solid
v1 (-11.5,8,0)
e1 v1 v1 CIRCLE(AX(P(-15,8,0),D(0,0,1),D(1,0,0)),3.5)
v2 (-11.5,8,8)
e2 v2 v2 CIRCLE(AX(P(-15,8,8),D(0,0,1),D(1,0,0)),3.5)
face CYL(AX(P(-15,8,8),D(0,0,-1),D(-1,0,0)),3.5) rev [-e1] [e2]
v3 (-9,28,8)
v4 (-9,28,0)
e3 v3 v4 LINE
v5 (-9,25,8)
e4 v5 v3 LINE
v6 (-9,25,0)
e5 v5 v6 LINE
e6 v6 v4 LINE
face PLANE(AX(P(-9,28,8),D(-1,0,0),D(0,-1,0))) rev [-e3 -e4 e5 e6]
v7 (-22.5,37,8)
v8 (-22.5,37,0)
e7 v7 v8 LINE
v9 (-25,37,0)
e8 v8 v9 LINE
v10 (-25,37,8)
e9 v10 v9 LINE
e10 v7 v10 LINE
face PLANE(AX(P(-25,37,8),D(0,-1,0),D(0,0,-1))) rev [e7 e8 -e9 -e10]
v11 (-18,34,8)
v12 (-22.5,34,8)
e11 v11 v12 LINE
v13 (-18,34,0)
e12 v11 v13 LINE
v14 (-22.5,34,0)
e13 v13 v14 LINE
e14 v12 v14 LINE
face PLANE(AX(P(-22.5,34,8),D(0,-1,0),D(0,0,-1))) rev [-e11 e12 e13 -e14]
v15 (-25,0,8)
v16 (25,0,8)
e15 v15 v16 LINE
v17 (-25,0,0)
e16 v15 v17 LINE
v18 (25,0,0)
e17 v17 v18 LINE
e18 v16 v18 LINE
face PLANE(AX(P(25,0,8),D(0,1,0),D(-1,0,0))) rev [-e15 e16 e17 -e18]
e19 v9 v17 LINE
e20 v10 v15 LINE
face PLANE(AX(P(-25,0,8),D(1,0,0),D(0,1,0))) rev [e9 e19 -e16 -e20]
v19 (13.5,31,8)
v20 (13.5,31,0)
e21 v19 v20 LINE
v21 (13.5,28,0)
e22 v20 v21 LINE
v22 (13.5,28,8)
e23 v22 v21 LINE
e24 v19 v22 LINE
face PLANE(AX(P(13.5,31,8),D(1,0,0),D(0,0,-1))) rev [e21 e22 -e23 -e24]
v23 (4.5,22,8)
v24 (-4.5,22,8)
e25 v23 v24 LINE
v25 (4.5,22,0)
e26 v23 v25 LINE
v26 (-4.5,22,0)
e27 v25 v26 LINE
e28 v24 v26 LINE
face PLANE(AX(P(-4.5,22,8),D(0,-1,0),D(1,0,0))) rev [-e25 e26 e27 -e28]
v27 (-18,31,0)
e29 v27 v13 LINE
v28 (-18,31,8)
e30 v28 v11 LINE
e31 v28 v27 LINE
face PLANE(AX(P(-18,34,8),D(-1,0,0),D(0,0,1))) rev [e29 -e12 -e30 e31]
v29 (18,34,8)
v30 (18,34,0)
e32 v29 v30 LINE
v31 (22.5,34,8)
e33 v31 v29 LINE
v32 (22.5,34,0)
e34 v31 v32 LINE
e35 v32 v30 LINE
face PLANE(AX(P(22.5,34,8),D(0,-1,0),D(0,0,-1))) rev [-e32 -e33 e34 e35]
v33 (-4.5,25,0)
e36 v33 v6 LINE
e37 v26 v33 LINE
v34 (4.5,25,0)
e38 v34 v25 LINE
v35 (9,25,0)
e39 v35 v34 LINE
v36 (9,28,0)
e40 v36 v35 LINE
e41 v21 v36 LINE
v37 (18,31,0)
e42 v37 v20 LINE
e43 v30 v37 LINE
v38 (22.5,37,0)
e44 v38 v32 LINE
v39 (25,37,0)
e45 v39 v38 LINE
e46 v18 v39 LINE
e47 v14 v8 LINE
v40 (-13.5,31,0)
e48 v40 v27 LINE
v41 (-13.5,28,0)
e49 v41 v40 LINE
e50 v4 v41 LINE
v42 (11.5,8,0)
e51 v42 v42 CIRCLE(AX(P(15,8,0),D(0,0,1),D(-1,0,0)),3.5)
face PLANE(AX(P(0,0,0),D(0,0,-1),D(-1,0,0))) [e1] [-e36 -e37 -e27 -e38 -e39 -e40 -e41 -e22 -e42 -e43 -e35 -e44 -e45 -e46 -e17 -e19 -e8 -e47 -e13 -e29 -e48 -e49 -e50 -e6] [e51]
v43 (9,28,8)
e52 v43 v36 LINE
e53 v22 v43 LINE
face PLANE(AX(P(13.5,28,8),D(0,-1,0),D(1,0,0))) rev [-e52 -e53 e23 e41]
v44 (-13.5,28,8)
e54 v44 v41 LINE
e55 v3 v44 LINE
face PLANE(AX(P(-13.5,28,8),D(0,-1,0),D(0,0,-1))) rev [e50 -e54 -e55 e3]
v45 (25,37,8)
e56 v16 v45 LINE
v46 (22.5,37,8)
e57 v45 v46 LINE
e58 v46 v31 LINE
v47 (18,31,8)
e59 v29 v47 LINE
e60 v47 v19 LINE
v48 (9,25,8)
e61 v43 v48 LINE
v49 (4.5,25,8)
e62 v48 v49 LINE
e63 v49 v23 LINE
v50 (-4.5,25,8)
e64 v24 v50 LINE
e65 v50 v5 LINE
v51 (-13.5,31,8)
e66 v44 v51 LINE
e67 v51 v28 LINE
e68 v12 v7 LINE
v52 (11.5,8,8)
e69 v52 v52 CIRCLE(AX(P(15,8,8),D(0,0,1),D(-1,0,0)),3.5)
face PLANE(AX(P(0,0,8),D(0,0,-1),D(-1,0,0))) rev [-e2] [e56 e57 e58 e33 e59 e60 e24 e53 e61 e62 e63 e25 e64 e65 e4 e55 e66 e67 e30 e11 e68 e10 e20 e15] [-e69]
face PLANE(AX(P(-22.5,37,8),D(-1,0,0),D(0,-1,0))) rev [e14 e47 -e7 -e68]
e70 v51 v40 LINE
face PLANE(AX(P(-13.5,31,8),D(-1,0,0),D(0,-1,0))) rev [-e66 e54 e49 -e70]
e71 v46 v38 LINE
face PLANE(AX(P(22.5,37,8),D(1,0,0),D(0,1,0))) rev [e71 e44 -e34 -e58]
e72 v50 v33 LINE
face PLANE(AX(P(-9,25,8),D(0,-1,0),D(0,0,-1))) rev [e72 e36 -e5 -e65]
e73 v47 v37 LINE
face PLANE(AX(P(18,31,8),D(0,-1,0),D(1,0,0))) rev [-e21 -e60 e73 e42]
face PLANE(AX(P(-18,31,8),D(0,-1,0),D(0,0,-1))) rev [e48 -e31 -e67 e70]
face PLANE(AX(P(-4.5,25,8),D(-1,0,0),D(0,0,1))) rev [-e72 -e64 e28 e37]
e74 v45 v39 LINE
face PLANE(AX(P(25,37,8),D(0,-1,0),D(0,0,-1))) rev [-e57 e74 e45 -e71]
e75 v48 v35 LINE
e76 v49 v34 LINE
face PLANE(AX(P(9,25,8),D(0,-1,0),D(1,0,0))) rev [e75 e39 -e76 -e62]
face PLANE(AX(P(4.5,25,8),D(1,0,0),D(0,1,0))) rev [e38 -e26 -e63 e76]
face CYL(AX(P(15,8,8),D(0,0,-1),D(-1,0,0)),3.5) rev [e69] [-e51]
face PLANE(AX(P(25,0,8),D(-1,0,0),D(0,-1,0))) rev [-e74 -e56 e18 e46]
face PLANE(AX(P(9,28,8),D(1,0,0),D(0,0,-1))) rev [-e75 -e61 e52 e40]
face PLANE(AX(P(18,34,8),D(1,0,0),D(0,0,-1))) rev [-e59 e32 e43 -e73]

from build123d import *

# Parameters (mm, degrees)
SKETCH1_R           = 3.5
BOSS_EXTRUDE1_DEPTH = 8


with BuildPart() as part:
    # Sketch1 → Boss-Extrude1 (new body)
    with BuildSketch(Plane.XY):
        Polygon((25, 0), (-25, 0), (-25, 37), (-22.5, 37), (-22.5, 34), (-18, 34), (-18, 31), (-13.5, 31), (-13.5, 28), (-9, 28), (-9, 25), (-4.5, 25), (-4.5, 22), (4.5, 22), (4.5, 25), (9, 25), (9, 28), (13.5, 28), (13.5, 31), (18, 31), (18, 34), (22.5, 34), (22.5, 37), (25, 37), align=None)
        with Locations((-15, 8)):
            Circle(SKETCH1_R, mode=Mode.SUBTRACT)
        with Locations((15, 8)):
            Circle(SKETCH1_R, mode=Mode.SUBTRACT)
    extrude(amount=BOSS_EXTRUDE1_DEPTH)


solid = part.part
